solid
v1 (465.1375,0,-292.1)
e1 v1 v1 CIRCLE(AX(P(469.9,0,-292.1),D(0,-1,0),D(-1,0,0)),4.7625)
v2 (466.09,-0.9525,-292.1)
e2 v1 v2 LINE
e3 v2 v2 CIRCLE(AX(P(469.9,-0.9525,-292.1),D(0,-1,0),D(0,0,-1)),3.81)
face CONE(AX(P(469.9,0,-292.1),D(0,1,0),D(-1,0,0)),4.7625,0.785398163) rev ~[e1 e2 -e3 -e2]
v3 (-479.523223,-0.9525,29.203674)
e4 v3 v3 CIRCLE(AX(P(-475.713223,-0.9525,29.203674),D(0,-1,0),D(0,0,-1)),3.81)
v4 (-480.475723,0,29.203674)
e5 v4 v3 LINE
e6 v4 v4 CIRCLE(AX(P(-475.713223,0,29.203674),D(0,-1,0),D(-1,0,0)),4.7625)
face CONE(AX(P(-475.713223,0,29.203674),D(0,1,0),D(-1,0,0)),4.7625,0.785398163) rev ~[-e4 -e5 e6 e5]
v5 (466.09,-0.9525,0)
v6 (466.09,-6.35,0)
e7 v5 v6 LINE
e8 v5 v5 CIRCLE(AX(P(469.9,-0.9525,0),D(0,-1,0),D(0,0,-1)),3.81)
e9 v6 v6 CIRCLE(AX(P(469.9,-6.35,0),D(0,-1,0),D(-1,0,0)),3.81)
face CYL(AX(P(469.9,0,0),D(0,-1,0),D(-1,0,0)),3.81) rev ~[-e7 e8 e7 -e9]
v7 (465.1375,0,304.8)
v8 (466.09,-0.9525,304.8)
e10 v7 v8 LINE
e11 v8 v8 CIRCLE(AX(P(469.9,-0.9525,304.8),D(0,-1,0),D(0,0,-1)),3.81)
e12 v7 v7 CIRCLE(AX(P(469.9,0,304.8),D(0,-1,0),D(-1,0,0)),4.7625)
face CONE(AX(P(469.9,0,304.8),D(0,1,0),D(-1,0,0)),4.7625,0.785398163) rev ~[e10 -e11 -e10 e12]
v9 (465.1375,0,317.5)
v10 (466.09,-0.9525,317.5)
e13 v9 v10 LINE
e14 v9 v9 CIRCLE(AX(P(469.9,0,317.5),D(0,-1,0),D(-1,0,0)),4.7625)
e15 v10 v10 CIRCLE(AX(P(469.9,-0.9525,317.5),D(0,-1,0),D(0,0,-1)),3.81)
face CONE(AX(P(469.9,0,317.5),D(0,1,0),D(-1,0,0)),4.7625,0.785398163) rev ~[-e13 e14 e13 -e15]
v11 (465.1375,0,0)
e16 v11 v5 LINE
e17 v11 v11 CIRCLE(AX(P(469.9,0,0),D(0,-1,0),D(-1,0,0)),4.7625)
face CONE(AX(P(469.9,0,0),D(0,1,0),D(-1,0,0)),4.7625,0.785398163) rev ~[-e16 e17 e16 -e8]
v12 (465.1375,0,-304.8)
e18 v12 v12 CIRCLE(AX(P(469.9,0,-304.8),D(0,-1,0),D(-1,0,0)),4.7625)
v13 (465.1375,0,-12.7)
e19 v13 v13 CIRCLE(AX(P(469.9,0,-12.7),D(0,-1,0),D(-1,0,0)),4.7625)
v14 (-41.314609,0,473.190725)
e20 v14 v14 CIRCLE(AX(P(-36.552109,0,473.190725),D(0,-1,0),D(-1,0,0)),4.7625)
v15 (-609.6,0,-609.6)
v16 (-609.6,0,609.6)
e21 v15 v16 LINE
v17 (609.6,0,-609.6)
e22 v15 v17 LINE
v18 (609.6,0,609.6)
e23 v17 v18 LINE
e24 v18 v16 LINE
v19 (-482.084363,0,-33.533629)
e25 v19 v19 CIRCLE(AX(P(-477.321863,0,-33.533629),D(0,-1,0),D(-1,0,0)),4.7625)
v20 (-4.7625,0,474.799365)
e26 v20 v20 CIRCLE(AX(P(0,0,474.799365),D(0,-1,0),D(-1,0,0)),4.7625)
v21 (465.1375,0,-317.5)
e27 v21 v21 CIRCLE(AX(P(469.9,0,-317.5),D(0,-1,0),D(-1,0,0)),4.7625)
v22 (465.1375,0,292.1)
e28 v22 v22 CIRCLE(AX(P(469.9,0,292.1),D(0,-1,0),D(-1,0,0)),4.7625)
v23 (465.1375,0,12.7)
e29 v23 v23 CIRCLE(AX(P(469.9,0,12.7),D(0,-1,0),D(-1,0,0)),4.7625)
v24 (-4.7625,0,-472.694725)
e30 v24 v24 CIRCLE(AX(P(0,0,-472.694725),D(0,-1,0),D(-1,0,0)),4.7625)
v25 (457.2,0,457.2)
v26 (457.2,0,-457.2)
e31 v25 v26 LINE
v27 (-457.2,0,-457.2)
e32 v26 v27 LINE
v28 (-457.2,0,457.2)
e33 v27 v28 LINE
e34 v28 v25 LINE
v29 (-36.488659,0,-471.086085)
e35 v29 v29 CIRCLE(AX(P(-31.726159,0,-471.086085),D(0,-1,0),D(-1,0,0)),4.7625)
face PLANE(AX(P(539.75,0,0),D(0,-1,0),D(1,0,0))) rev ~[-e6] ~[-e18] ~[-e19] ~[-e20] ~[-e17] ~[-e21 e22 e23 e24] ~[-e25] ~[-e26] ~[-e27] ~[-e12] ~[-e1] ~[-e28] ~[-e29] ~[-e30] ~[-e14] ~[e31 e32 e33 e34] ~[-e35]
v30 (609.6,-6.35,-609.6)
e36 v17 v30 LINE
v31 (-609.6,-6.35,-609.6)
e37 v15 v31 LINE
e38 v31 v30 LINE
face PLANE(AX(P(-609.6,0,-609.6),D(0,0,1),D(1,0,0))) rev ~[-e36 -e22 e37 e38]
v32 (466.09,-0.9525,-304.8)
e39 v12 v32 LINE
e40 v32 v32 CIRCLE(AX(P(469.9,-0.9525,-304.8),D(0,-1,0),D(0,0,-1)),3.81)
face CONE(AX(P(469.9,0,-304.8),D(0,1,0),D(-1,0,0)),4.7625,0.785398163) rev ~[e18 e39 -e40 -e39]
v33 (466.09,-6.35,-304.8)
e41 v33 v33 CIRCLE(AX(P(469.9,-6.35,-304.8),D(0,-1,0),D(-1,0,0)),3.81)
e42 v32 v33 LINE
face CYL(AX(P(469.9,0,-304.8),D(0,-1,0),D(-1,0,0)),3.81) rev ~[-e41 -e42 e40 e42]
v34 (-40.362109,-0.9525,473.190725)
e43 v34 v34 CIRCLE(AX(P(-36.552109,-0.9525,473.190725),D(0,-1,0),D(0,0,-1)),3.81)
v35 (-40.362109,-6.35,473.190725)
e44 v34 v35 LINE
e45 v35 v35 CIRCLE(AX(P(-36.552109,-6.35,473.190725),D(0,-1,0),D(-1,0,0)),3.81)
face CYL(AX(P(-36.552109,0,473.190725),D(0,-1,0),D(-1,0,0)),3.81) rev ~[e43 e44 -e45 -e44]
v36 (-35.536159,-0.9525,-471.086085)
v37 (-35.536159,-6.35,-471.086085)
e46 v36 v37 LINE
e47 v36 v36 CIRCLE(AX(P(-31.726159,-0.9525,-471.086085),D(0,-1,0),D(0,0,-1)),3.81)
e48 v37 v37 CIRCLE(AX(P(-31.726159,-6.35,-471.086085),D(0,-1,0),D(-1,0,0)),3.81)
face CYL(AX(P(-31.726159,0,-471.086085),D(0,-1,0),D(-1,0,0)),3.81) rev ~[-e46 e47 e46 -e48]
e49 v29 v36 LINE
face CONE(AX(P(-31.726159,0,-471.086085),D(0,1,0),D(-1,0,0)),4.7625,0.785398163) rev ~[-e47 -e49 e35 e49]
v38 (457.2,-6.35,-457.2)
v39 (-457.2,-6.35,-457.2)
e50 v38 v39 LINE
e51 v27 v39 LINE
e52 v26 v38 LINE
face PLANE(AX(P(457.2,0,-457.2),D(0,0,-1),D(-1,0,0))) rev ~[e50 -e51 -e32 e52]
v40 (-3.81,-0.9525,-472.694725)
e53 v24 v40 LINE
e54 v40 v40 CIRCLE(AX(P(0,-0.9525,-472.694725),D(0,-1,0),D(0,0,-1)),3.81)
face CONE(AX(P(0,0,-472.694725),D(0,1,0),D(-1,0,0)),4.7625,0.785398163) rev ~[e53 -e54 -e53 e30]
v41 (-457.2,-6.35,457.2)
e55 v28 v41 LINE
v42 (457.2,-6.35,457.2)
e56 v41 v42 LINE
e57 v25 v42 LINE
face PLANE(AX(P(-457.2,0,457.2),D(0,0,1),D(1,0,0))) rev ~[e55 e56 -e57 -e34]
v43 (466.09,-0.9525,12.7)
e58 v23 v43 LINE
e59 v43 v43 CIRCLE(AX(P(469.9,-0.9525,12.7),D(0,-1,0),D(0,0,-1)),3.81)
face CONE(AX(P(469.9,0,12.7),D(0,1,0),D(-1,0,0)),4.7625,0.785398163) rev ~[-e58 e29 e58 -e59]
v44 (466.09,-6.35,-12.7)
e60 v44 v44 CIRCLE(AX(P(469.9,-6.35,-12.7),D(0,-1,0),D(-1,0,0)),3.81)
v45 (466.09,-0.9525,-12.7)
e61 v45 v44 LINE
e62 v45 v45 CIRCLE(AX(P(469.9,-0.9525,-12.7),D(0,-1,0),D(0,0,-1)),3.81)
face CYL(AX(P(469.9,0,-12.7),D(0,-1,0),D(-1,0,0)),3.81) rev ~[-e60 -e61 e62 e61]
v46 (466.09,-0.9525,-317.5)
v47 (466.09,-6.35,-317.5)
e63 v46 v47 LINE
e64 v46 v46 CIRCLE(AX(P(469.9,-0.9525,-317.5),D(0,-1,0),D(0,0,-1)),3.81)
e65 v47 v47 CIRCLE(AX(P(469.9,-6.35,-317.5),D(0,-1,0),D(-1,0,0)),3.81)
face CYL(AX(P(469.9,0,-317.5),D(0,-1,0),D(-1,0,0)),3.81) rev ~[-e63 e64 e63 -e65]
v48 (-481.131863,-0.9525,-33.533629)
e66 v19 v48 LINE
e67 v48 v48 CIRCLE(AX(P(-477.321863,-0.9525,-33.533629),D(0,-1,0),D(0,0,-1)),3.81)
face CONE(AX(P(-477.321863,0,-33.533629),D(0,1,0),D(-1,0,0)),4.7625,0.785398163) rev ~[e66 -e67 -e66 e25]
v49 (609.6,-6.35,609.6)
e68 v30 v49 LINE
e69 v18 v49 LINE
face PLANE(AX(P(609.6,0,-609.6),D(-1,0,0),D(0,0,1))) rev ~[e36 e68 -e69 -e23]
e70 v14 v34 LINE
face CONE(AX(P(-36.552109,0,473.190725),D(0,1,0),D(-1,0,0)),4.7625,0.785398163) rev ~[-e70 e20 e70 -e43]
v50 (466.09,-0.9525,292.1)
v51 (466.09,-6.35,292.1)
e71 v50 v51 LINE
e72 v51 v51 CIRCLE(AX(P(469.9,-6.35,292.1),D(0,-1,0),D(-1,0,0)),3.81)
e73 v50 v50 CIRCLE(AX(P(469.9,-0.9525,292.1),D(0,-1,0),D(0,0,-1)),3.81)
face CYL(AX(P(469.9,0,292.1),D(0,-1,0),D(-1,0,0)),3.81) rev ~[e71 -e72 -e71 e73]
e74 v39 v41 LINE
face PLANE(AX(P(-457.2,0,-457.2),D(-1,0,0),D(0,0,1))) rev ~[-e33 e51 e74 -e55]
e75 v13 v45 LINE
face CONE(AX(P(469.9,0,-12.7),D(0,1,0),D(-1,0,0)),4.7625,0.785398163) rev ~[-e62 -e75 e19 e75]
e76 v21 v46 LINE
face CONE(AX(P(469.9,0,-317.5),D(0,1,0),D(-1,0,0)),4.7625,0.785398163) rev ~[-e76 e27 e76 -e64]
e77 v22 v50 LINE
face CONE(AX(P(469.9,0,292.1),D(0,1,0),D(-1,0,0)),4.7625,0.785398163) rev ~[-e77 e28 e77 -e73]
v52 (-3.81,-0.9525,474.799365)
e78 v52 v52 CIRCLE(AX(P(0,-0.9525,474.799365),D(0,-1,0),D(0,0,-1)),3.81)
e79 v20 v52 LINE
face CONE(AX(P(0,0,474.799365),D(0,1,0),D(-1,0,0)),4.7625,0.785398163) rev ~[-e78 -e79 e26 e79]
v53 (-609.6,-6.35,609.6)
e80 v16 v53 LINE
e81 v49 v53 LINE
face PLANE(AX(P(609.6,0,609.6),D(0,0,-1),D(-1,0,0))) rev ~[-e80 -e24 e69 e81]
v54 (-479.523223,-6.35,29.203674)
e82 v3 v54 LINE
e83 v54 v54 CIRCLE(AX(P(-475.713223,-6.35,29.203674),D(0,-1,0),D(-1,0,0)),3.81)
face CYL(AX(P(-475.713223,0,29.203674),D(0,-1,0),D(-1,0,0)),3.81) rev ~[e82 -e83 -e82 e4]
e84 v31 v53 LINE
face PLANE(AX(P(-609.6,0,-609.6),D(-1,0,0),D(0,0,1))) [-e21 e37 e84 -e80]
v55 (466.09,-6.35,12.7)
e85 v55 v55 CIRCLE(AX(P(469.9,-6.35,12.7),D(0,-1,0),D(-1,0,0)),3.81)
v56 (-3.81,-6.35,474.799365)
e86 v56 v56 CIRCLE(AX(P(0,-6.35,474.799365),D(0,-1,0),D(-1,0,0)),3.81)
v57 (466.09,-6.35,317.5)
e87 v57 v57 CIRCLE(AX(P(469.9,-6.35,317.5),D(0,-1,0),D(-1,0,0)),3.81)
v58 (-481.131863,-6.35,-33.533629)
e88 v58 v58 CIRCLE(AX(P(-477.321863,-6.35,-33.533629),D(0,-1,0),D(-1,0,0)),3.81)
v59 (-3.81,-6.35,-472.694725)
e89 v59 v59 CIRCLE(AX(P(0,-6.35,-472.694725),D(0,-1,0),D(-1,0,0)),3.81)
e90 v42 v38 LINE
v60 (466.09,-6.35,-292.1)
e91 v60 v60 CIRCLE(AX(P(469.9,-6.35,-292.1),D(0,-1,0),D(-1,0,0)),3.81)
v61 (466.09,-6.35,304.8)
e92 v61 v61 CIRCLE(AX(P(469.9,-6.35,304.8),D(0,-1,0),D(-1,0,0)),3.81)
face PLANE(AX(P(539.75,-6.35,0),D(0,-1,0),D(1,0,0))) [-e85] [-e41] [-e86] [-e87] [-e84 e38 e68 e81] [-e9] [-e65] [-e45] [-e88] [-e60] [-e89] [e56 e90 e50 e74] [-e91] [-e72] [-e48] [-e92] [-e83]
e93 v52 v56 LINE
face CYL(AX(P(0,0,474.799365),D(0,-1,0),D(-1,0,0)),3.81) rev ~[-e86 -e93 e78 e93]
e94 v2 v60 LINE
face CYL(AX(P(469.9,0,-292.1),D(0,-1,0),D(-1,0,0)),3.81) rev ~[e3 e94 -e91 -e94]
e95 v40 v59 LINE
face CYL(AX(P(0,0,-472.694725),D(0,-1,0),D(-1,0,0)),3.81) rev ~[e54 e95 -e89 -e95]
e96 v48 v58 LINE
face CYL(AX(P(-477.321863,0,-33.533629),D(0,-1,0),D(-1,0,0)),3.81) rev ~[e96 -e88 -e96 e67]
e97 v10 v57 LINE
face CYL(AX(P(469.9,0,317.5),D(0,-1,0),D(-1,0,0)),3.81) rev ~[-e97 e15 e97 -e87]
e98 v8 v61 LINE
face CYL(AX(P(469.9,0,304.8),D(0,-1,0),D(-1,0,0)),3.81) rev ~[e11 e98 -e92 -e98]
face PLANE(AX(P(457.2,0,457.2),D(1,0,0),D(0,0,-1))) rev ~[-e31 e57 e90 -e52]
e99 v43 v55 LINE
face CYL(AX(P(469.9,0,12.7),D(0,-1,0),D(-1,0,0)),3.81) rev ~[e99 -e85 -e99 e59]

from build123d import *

# Parameters (mm, degrees)
F0_W           = 1079.5
F0_H           = 1219.2
F1_DEPTH       = 6.35
F2_D           = 7.62
F2_CSINK_D     = 9.525
F2_CSINK_ANGLE = 90


with BuildPart() as f1:
    # F0 (on Front) → F1 (new body)
    with BuildSketch(Plane.XZ):
        Polygon((469.9, -609.6), (609.6, -609.6), (609.6, -304.8), (609.6, 0), (609.6, 304.8), (609.6, 609.6), (469.9, 609.6), align=None)
        with Locations((-69.85, 0)):
            Rectangle(F0_W, F0_H)
        Polygon((457.2, -304.8), (457.2, -457.2), (-457.2, -457.2), (-457.2, 457.2), (457.2, 457.2), (457.2, 304.8), (457.2, 0), align=None, mode=Mode.SUBTRACT)
    extrude(amount=F1_DEPTH)

    # F2 (through all)
    with Locations(Plane(origin=(0, 0, 0), x_dir=(1, 0, 0), z_dir=(0, 1, 0))):
        with Locations((469.9, -317.5), (469.9, -304.8), (469.9, -292.1), (469.9, -12.7), (469.9, 12.7), (469.9, 0), (469.9, 292.1), (469.9, 304.8), (469.9, 317.5), (0, -474.7993648052), (-36.5521088243, -473.1907248497), (-475.7132232189, -29.2036738247), (-477.3218631744, 33.53362903), (-31.7261591554, 471.0860848427), (0, 472.6947247982)):
            CounterSinkHole(F2_D / 2, F2_CSINK_D / 2, counter_sink_angle=F2_CSINK_ANGLE)


solid = f1.part
